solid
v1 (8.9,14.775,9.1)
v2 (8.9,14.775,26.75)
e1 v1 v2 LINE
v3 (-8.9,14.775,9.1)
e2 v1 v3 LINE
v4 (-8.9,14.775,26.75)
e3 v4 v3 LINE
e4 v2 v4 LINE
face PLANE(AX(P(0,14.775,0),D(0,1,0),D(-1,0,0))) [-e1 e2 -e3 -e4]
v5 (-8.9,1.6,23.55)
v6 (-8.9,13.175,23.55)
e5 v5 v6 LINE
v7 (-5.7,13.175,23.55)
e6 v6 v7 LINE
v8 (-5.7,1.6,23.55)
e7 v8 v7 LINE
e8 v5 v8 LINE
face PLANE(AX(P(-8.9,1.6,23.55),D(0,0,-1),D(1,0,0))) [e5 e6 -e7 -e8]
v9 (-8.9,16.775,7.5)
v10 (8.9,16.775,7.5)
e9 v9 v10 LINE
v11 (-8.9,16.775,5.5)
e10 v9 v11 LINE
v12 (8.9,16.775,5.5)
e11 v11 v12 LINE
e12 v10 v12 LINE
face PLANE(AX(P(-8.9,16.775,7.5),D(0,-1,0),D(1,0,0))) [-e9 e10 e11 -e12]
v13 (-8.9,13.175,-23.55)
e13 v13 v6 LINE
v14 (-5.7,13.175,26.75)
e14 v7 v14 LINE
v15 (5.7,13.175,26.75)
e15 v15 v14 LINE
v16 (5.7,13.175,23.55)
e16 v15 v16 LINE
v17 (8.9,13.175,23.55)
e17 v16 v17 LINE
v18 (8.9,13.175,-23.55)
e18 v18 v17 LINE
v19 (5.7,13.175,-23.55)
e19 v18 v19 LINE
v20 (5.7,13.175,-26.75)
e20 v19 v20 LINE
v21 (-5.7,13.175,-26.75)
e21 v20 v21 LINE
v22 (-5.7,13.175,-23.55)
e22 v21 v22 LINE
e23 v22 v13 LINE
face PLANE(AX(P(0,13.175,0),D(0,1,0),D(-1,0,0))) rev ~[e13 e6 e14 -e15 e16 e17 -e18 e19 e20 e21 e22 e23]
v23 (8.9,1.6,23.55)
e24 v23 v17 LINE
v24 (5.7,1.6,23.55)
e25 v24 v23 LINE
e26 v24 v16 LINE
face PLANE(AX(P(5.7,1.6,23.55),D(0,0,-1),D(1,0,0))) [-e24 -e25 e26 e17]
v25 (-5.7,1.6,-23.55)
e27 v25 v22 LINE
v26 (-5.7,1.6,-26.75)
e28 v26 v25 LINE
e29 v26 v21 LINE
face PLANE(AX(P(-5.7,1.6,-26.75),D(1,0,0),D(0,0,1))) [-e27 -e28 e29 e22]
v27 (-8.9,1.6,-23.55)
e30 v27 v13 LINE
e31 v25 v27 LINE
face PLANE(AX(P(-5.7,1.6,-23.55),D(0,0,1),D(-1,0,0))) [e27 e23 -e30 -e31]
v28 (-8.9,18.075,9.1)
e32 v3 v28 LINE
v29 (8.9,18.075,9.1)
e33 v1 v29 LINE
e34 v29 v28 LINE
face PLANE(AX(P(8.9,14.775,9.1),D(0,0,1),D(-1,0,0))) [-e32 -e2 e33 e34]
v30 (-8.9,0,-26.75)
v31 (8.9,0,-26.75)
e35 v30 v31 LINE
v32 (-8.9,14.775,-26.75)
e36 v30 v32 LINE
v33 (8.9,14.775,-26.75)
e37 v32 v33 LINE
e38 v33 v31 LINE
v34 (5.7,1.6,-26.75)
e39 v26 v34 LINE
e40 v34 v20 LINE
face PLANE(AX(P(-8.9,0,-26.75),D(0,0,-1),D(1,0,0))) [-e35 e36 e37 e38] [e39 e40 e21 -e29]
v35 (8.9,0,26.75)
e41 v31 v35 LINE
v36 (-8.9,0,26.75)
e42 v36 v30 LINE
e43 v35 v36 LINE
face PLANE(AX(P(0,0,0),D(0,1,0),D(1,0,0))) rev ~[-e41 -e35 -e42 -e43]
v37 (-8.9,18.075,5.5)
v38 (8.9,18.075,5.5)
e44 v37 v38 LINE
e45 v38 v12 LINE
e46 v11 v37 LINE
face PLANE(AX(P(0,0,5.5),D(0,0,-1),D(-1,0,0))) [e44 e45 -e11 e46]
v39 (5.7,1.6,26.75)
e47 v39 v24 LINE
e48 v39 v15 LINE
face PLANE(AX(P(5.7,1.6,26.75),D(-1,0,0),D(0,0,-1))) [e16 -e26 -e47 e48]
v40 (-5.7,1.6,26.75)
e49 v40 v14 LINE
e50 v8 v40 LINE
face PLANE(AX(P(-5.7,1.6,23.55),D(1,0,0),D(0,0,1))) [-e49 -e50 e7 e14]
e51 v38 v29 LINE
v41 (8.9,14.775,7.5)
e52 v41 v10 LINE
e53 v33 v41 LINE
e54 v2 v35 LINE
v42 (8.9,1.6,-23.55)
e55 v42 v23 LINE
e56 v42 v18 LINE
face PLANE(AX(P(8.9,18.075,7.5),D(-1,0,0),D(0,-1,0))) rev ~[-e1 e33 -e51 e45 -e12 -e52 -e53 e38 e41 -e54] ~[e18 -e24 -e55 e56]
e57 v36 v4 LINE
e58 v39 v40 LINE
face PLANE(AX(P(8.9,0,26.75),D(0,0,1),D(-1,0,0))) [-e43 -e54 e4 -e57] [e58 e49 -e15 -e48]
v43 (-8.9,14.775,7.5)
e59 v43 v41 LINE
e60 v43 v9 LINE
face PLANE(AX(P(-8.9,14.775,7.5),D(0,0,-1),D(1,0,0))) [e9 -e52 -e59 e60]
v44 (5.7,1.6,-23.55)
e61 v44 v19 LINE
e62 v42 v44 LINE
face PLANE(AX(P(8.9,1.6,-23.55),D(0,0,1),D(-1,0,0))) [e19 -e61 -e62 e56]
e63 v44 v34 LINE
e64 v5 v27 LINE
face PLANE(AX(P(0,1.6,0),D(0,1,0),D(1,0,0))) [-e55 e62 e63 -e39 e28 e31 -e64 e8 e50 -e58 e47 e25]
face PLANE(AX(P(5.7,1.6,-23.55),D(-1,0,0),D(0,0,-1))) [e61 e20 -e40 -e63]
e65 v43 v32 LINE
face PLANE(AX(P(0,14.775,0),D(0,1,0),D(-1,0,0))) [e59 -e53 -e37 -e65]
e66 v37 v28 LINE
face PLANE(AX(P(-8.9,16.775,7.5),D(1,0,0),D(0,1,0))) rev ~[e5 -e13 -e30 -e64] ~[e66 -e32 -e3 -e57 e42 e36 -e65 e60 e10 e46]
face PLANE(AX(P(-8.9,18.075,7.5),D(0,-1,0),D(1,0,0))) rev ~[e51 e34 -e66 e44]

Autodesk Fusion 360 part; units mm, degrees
sketch "Sketch1" plane through (0, 0, 0) normal (0, 1, 0) x (1, 0, 0)
  line L0 (-8.9, 26.75) -> (8.9, 26.75)
  line L1 (8.9, 26.75) -> (8.9, -26.75)
  line L2 (8.9, -26.75) -> (-8.9, -26.75)
  line L3 (-8.9, -26.75) -> (-8.9, 26.75)
  line L4 (-8.9, 26.75) -> (8.9, -26.75) construction
  line L5 (8.9, 26.75) -> (-8.9, -26.75) construction
  dimension "d1" = 17.8
  dimension "d2" = 53.5
extrude "Extrude4" add sketch "Sketch1" along normal blind 1.6 makes body 1
extrude "Extrude1" add sketch "Sketch1" along normal blind 1.6 separate body makes body 2
sketch "Sketch2" plane through (0, 1.6, 0) normal (0, 1, 0) x (-1, 0, 0)
  line L0 (8.9, 26.75) -> (-8.9, 26.75)
  line L1 (-8.9, 26.75) -> (-8.9, -26.75)
  line L2 (-8.9, -26.75) -> (8.9, -26.75)
  line L3 (8.9, -26.75) -> (8.9, 26.75)
  line L4 (8.9, -26.75) -> (5.7, -26.75)
  line L5 (5.7, -26.75) -> (5.7, -23.55)
  line L6 (5.7, -23.55) -> (8.9, -23.55)
  line L7 (8.9, -23.55) -> (8.9, -26.75)
  line L8 (-5.65, -26.75) -> (-8.85, -26.75)
  line L9 (-8.85, -26.75) -> (-8.85, -23.55)
  line L10 (-8.85, -23.55) -> (-5.65, -23.55)
  line L11 (-5.65, -23.55) -> (-5.65, -26.75)
  line L12 (8.9, 24.05) -> (5.7, 24.05)
  line L13 (5.7, 24.05) -> (5.7, 27.25)
  line L14 (5.7, 27.25) -> (8.9, 27.25)
  line L15 (8.9, 27.25) -> (8.9, 24.05)
  line L16 (-5.65, 24.05) -> (-8.85, 24.05)
  line L17 (-8.85, 24.05) -> (-8.85, 27.25)
  line L18 (-8.85, 27.25) -> (-5.65, 27.25)
  line L19 (-5.65, 27.25) -> (-5.65, 24.05)
  point P0 (-5.65, -26.75)
  point P1 (8.9, 24.05)
  point P2 (-5.65, 24.05)
  dimension "d7" = 3.2
  dimension "d8" = 3.2
  dimension "d11" = -14.55
  dimension "d12" = 50.8
  dimension "d13" = 38.8
sketch "Sketch4" plane through (0, 1.6, 0) normal (0, 1, 0) x (-1, 0, 0)
  line L0 (8.9, 26.75) -> (-8.9, 26.75)
  line L1 (-8.9, 26.75) -> (-8.9, -26.75)
  line L2 (-8.9, -26.75) -> (8.9, -26.75)
  line L3 (8.9, -26.75) -> (8.9, 26.75)
  line L4 (8.9, -26.75) -> (5.7, -26.75)
  line L5 (5.7, -26.75) -> (5.7, -23.55)
  line L6 (5.7, -23.55) -> (8.9, -23.55)
  line L7 (8.9, -23.55) -> (8.9, -26.75)
  line L8 (-8.9, -26.75) -> (-8.9, -23.55)
  line L9 (-8.9, -23.55) -> (-5.7, -23.55)
  line L10 (-5.7, -26.75) -> (-8.9, -26.75)
  line L11 (-5.7, -23.55) -> (-5.7, -26.75)
  line L12 (5.7, 23.55) -> (5.7, 26.75)
  line L13 (5.7, 26.75) -> (8.9, 26.75)
  line L14 (8.9, 23.55) -> (5.7, 23.55)
  line L15 (8.9, 26.75) -> (8.9, 23.55)
  line L16 (-8.9, 23.55) -> (-8.9, 26.75)
  line L17 (-8.9, 26.75) -> (-5.7, 26.75)
  line L18 (-5.7, 23.55) -> (-8.9, 23.55)
  line L19 (-5.7, 26.75) -> (-5.7, 23.55)
  point P0 (8.9, -26.75)
  point P1 (-5.7, -26.75)
  point P2 (-5.7, -26.75)
  point P3 (8.9, 23.55)
  point P4 (8.9, 23.55)
  point P5 (-5.7, 23.55)
  point P6 (-5.7, 23.55)
  dimension "d24" = 3.2
  dimension "d25" = 3.2
  dimension "d28" = -14.6
  dimension "d29" = 50.3
extrude "Extrude5" add sketch "Sketch4" along normal blind 11.575 contours L0 L3 L12 L13 L14 L15 | L0 L1 L16 L17 L18 L19 | L2 L3 L4 L5 L6 L7 | L1 L2 L8 L9 L10 L11 bodies 1 2
sketch "Sketch5" plane through (0, 13.175, 0) normal (0, 1, 0) x (-1, 0, 0)
  line L0 (8.9, -23.55) -> (5.7, -23.55)
  line L1 (5.7, -23.55) -> (5.7, -26.75)
  line L2 (5.7, -26.75) -> (8.9, -26.75)
  line L3 (8.9, -26.75) -> (8.9, -23.55)
  line L4 (8.9, -26.75) -> (-8.9, -26.75)
  line L5 (-8.9, -26.75) -> (-8.9, 26.75)
  line L6 (-8.9, 26.75) -> (8.9, 26.75)
  line L7 (8.9, 26.75) -> (8.9, -26.75)
  point P0 (-8.9, 26.75)
extrude "Extrude6" add sketch "Sketch5" along normal blind 1.6 bodies 1
sketch "Sketch6" plane through (0, 14.775, 0) normal (0, 1, 0) x (-1, 0, 0)
  line L0 (8.9, 26.75) -> (-8.9, 26.75)
  line L1 (-8.9, 26.75) -> (-8.9, -26.75)
  line L2 (-8.9, -26.75) -> (8.9, -26.75)
  line L3 (8.9, -26.75) -> (8.9, 26.75)
  line L4 (8.9, 7.5) -> (-8.9, 7.5)
  line L5 (-8.9, 7.5) -> (-8.9, 9.1)
  line L6 (-8.9, 9.1) -> (8.9, 9.1)
  line L7 (8.9, 9.1) -> (8.9, 7.5)
  line L8 (8.9, -26.75) -> (-8.9, -26.75)
  dimension "d34" = 1.6
  dimension "d35" = 34.25
extrude "Extrude7" add sketch "Sketch6" along normal blind 3.3 contours L1 L3 L4 L5 L6 L7 bodies 1
sketch "Sketch7" plane through (0, 0, 7.5) normal (0, 0, -1) x (-1, 0, 0)
  line L0 (-8.9, 14.775) -> (8.9, 14.775)
  line L1 (8.9, 14.775) -> (8.9, 18.075)
  line L2 (8.9, 18.075) -> (-8.9, 18.075)
  line L3 (-8.9, 18.075) -> (-8.9, 14.775)
  line L4 (-8.9, 18.075) -> (8.9, 18.075)
  line L5 (8.9, 18.075) -> (8.9, 16.775)
  line L6 (8.9, 16.775) -> (-8.9, 16.775)
  line L7 (-8.9, 16.775) -> (-8.9, 18.075)
  dimension "d38" = 1.3
extrude "Extrude8" add sketch "Sketch7" along normal blind 2 contours L1 L2 L3 L4 L5 L6 L7 bodies 1
equation "d1 = boxWidth"
equation "d11 = -17.75 mm + 3.2 mm"
equation "d12 = 54 mm - 3.2 mm"
equation "BoxLength = 53.5 mm"
equation "boxWidth = 17.8 mm"
equation "d28 = -17.8 mm + 3.2 mm"
equation "d29 = 53.5 mm - 3.2 mm"
equation "d30 = 14.075 mm - 2.5 mm"
